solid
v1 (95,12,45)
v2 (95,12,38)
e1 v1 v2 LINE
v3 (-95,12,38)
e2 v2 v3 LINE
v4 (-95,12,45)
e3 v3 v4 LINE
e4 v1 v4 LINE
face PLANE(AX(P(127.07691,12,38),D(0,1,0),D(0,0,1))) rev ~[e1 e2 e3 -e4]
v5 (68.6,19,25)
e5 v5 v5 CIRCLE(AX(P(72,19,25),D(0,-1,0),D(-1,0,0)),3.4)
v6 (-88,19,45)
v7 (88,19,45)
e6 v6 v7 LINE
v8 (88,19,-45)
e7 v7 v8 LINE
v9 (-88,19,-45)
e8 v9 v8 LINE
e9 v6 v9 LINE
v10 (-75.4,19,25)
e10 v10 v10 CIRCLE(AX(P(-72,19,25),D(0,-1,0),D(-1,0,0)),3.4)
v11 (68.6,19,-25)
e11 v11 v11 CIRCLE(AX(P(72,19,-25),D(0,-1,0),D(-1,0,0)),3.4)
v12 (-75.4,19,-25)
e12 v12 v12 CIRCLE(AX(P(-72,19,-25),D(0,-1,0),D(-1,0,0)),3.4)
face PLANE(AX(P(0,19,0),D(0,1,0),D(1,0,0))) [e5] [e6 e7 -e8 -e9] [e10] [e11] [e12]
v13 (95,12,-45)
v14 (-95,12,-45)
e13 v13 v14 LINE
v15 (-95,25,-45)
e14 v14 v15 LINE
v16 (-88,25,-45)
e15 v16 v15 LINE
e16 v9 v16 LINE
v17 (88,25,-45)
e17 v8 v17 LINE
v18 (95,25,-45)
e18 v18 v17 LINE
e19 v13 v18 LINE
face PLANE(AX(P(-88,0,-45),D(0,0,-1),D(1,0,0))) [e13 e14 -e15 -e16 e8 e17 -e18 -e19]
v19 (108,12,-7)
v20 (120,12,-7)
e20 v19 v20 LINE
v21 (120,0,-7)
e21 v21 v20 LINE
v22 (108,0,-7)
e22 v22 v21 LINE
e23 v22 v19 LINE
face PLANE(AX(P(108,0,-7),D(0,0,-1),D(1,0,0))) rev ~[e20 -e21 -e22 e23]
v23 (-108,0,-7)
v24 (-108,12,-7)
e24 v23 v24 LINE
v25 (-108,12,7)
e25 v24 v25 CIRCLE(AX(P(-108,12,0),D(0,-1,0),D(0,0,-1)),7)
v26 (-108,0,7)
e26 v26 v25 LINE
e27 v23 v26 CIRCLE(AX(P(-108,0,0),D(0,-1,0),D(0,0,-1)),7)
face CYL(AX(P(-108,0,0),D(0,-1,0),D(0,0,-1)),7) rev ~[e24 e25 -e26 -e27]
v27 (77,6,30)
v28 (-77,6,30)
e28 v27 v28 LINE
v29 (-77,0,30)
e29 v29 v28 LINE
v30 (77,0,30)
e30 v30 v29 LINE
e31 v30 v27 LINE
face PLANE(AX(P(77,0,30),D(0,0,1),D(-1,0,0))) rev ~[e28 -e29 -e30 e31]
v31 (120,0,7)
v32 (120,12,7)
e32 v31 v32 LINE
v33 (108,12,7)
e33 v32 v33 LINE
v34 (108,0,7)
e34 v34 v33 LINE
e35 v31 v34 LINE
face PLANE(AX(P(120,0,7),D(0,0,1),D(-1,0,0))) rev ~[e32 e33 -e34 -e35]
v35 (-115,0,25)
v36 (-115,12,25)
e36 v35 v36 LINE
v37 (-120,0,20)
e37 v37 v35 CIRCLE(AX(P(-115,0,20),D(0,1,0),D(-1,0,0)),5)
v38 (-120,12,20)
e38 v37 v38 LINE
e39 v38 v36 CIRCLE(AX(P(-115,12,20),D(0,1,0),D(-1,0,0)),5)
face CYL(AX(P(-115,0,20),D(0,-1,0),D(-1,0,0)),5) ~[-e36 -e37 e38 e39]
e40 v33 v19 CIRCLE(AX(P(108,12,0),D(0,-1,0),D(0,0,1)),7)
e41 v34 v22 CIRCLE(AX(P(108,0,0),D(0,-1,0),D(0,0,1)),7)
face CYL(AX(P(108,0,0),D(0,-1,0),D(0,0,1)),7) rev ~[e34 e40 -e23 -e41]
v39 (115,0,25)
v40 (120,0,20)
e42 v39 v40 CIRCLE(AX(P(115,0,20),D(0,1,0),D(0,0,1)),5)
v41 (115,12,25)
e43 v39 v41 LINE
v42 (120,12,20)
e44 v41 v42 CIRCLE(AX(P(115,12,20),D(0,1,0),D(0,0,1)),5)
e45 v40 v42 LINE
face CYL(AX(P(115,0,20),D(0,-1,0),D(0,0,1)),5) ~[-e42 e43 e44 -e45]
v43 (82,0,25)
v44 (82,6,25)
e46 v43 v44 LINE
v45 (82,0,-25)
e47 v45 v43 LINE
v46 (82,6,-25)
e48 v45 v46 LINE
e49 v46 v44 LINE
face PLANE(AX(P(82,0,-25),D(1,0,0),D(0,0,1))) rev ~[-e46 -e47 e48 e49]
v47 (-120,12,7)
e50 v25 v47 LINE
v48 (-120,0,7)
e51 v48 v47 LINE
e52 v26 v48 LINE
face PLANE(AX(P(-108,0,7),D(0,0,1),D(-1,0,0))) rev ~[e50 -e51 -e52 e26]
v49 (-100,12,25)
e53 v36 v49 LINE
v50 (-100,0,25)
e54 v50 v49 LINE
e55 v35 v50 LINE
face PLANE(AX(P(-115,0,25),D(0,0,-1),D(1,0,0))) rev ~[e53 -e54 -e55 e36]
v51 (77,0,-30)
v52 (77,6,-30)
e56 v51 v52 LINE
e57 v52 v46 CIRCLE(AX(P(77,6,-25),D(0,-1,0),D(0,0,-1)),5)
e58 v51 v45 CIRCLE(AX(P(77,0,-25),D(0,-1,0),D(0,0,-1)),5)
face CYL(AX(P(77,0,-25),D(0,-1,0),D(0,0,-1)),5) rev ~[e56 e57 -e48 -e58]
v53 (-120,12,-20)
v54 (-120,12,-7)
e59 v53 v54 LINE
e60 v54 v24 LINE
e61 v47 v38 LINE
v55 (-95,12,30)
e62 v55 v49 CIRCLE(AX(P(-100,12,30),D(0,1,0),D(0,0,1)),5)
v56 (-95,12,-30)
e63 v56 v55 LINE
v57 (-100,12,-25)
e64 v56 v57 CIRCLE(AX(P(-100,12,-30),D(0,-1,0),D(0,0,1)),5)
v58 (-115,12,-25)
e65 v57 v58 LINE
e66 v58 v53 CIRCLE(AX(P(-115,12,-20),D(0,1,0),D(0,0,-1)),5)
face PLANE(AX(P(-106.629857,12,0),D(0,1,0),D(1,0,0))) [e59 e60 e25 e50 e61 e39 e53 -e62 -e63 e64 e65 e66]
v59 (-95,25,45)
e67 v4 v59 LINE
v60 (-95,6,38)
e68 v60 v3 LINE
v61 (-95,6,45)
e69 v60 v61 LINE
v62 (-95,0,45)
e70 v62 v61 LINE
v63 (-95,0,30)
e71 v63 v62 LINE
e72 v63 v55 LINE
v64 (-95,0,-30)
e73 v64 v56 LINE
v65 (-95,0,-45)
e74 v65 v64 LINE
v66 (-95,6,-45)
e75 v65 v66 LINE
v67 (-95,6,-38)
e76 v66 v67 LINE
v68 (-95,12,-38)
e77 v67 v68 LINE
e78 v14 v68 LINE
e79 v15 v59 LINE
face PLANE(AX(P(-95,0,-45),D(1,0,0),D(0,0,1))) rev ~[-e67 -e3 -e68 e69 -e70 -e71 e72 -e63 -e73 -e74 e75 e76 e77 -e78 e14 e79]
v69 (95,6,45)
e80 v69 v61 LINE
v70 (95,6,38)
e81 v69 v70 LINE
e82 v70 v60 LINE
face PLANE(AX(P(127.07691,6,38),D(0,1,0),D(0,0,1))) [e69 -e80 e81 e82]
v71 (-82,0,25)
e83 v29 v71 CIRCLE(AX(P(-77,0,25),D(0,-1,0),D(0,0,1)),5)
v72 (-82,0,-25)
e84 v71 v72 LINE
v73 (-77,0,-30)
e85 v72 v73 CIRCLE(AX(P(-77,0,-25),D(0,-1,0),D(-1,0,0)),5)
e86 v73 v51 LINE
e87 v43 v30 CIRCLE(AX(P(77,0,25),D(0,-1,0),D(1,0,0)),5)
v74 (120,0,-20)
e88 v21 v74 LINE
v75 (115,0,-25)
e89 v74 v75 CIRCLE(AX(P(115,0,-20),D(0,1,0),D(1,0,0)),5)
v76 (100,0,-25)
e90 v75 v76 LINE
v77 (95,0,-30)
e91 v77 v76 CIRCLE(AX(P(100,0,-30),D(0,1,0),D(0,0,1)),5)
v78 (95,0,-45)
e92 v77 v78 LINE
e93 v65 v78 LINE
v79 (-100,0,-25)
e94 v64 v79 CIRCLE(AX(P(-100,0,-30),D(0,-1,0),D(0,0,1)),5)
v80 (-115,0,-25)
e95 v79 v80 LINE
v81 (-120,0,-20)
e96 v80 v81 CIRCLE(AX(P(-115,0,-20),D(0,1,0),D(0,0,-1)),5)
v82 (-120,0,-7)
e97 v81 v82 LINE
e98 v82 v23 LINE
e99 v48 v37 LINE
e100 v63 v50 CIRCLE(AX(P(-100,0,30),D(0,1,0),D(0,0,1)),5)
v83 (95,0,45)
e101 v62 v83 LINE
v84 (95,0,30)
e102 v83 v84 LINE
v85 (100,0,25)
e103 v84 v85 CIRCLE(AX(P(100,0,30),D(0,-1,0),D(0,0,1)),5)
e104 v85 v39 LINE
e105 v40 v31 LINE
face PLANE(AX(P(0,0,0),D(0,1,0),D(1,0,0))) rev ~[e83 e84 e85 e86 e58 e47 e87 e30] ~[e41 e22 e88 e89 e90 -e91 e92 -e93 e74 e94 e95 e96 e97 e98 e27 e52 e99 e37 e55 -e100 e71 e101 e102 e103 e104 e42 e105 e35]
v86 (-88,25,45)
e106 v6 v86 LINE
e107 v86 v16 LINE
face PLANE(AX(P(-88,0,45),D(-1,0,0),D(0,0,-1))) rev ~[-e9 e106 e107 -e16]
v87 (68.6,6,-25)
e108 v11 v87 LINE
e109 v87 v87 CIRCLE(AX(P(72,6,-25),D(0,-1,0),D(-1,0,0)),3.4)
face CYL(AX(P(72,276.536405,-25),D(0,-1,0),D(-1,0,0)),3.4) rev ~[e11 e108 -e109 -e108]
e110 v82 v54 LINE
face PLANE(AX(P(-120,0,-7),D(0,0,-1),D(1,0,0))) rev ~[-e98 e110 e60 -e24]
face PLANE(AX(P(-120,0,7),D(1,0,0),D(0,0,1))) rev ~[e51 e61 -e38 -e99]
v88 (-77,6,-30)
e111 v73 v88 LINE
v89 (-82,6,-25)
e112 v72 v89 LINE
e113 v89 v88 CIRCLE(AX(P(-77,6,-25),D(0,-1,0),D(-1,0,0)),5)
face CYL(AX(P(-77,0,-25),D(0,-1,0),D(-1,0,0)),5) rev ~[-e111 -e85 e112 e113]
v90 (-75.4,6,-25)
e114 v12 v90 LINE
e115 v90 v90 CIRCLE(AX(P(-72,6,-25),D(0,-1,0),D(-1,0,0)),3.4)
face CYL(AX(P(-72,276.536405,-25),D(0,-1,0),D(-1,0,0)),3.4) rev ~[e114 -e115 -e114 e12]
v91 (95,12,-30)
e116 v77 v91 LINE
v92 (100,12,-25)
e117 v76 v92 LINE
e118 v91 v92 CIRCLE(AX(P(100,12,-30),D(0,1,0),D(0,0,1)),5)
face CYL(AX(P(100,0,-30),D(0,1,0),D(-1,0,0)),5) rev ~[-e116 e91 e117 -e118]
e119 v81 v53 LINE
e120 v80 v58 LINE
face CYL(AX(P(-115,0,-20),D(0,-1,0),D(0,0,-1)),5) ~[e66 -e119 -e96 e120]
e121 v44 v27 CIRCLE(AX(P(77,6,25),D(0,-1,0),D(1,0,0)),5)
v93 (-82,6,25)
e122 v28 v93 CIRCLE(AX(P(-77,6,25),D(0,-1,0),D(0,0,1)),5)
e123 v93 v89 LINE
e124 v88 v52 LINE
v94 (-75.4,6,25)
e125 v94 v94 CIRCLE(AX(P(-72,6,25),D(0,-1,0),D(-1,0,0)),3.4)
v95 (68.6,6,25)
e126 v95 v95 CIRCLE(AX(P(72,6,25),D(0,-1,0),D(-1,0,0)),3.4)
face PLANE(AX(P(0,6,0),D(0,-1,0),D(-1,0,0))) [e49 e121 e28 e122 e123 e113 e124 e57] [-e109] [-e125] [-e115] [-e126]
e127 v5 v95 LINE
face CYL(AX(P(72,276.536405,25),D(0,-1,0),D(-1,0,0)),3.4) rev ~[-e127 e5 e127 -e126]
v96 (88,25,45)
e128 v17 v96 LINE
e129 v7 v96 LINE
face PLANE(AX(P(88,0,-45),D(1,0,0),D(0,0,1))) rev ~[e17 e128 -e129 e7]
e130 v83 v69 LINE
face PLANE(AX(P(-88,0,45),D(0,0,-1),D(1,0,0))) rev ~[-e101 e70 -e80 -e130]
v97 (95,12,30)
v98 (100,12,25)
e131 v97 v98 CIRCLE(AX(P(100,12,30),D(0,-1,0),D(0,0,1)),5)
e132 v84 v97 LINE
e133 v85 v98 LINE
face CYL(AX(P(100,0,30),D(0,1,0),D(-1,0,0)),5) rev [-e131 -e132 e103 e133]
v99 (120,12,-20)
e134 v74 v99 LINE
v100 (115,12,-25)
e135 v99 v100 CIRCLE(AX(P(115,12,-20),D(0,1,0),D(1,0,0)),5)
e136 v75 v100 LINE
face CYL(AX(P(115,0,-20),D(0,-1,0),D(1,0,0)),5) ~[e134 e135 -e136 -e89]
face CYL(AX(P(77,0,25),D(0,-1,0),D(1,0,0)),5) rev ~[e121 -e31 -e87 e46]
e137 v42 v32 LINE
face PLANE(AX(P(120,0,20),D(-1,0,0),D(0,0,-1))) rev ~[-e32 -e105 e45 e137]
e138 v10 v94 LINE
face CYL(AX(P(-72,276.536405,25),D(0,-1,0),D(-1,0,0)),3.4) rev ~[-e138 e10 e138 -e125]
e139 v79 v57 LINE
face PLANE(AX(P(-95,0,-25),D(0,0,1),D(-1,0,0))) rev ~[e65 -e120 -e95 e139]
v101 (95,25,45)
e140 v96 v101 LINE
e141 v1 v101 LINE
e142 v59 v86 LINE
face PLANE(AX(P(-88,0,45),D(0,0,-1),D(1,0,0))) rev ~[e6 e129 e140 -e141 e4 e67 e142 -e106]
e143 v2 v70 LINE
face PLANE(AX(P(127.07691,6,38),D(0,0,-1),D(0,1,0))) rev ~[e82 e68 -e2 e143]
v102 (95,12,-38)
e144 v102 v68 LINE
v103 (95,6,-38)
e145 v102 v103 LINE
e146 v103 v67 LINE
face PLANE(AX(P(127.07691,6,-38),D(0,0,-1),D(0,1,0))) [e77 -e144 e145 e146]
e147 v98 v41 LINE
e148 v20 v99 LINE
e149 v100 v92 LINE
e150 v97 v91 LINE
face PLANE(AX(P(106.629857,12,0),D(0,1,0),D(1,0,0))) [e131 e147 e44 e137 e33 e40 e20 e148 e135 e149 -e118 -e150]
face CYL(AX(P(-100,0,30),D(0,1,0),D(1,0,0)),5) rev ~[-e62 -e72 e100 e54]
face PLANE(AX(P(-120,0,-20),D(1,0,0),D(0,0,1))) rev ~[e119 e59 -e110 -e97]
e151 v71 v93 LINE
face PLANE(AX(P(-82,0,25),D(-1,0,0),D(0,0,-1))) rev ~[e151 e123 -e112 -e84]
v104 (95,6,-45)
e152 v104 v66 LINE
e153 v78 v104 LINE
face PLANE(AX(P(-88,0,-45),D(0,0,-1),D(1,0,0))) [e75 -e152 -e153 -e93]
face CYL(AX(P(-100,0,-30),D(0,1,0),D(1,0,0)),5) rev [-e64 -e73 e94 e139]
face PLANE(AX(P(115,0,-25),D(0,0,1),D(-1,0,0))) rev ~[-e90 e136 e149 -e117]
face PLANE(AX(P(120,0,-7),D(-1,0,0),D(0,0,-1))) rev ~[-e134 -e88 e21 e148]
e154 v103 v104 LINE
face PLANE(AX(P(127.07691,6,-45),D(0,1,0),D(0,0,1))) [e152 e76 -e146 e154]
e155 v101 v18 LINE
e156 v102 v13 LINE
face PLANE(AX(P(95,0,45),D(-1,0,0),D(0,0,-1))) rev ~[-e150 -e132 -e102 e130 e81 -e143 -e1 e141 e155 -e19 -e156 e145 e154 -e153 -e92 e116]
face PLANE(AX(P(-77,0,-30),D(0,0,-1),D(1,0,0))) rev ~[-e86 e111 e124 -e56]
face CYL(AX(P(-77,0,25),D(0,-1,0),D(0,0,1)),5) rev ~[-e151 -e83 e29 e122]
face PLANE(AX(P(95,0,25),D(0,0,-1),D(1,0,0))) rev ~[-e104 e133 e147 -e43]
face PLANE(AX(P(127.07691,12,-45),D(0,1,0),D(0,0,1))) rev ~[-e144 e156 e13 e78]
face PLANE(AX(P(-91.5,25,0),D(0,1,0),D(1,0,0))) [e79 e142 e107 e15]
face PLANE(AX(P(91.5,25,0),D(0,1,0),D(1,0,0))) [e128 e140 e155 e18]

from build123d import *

# Parameters (mm, degrees)
BOSS_EXTRUDE2_DEPTH     = 25
BOSS_EXTRUDE2_2_DEPTH   = 25
SKETCH1_4_W             = 176
SKETCH1_4_H             = 90
BOSS_EXTRUDE3_DEPTH     = 19
BOSS_EXTRUDE4_DEPTH     = 12
FILLET2_R               = 5
CUT_EXTRUDE3_DEPTH      = 6
CUT_EXTRUDE4_DEPTH      = 222.076909694
CUT_EXTRUDE4_DEPTH_BACK = 222.076909694
SKETCH7_W               = 7
SKETCH7_H               = 6
M8_TAPPED_HOLE1_D       = 6.8


with BuildPart() as part:
    # Sketch1 → Boss-Extrude2 (new body)
    with BuildSketch(Plane(origin=(0, 0, 0), x_dir=(1, 0, 0), z_dir=(0, 1, 0))):
        Polygon((-95, 45), (-95, 25), (-95, -25), (-95, -45), (-88, -45), (-88, 45), align=None)
    extrude(amount=BOSS_EXTRUDE2_DEPTH)



with BuildPart() as body_2:
    # Sketch1 → Boss-Extrude2 2 (new body)
    with BuildSketch(Plane(origin=(0, 0, 0), x_dir=(1, 0, 0), z_dir=(0, 1, 0))):
        Polygon((95, 45), (88, 45), (88, -45), (95, -45), (95, -25), (95, 25), align=None)
    extrude(amount=BOSS_EXTRUDE2_2_DEPTH)


with BuildPart() as part_1:
    add(part.part)

    add(body_2.part)  # Boss-Extrude3 merges body 2
    # Sketch1<4> → Boss-Extrude3 (add)
    # profile 1 of 2: a face of its own
    with BuildSketch(Plane(origin=(0, 0, 0), x_dir=(1, 0, 0), z_dir=(0, 1, 0))):
        Rectangle(SKETCH1_4_W, SKETCH1_4_H)
        with BuildLine():
            Line((77, -30), (-77, -30))
            ThreePointArc((-77, -30), (-80.535533906, -28.535533906), (-82, -25))
            Line((-82, -25), (-82, 25))
            ThreePointArc((-82, 25), (-80.535533906, 28.535533906), (-77, 30))
            Line((-77, 30), (77, 30))
            ThreePointArc((77, 30), (80.535533906, 28.535533906), (82, 25))
            Line((82, 25), (82, -25))
            ThreePointArc((82, -25), (80.535533906, -28.535533906), (77, -30))
        make_face(mode=Mode.SUBTRACT)
    # profile 2 of 2: a face of its own
    with BuildSketch(Plane(origin=(0, 0, 0), x_dir=(1, 0, 0), z_dir=(0, 1, 0))):
        with BuildLine():
            ThreePointArc((-82, 25), (-80.535533906, 28.535533906), (-77, 30))
            Line((-77, 30), (77, 30))
            ThreePointArc((77, 30), (80.535533906, 28.535533906), (82, 25))
            Line((82, 25), (82, -25))
            ThreePointArc((82, -25), (80.535533906, -28.535533906), (77, -30))
            Line((77, -30), (-77, -30))
            ThreePointArc((-77, -30), (-80.535533906, -28.535533906), (-82, -25))
            Line((-82, -25), (-82, 25))
        make_face()
    extrude(amount=BOSS_EXTRUDE3_DEPTH)

    # Sketch1<5> → Boss-Extrude4 (add)
    with BuildSketch(Plane(origin=(0, 0, 0), x_dir=(1, 0, 0), z_dir=(0, 1, 0))):
        with BuildLine():
            Line((115, 25), (95, 25))
            Line((95, 25), (95, -25))
            Line((95, -25), (115, -25))
            ThreePointArc((115, -25), (118.535533906, -23.535533906), (120, -20))
            Line((120, -20), (120, -7))
            Line((120, -7), (108, -7))
            ThreePointArc((108, -7), (101, 0), (108, 7))
            Line((108, 7), (120, 7))
            Line((120, 7), (120, 20))
            ThreePointArc((120, 20), (118.535533906, 23.535533906), (115, 25))
        make_face()
        with BuildLine():
            Line((-95, -25), (-95, 25))
            Line((-95, 25), (-115, 25))
            ThreePointArc((-115, 25), (-118.535533906, 23.535533906), (-120, 20))
            Line((-120, 20), (-120, 7))
            Line((-120, 7), (-108, 7))
            ThreePointArc((-108, 7), (-101, 0), (-108, -7))
            Line((-108, -7), (-120, -7))
            Line((-120, -7), (-120, -20))
            ThreePointArc((-120, -20), (-118.535533906, -23.535533906), (-115, -25))
            Line((-115, -25), (-95, -25))
        make_face()
    extrude(amount=BOSS_EXTRUDE4_DEPTH)

    # Fillet2
    fillet2_edges = [part_1.edges().sort_by_distance(p)[0] for p in [
        (95, 6, -25),
        (95, 6, 25),
        (-95, 6, 25),
        (-95, 6, -25),
    ]]
    fillet(fillet2_edges, radius=FILLET2_R)

    # Sketch1<6> → Cut-Extrude3 (cut)
    with BuildSketch(Plane(origin=(0, 0, 0), x_dir=(1, 0, 0), z_dir=(0, 1, 0))):
        with BuildLine():
            ThreePointArc((-82, 25), (-80.535533906, 28.535533906), (-77, 30))
            Line((-77, 30), (77, 30))
            ThreePointArc((77, 30), (80.535533906, 28.535533906), (82, 25))
            Line((82, 25), (82, -25))
            ThreePointArc((82, -25), (80.535533906, -28.535533906), (77, -30))
            Line((77, -30), (-77, -30))
            ThreePointArc((-77, -30), (-80.535533906, -28.535533906), (-82, -25))
            Line((-82, -25), (-82, 25))
        make_face()
    extrude(amount=CUT_EXTRUDE3_DEPTH, mode=Mode.SUBTRACT)

    # Sketch7 → Cut-Extrude4 (cut, two sides: drawn at the far end of the back side and taken through both)
    with BuildSketch(Plane.ZY.offset(95).offset(-CUT_EXTRUDE4_DEPTH_BACK)):
        with Locations((41.5, 9)):
            Rectangle(SKETCH7_W, SKETCH7_H)
        with Locations((-41.5, 9)):
            Rectangle(SKETCH7_W, SKETCH7_H)
    extrude(amount=CUT_EXTRUDE4_DEPTH + CUT_EXTRUDE4_DEPTH_BACK, mode=Mode.SUBTRACT)

    # M8 Tapped Hole1 (through all)
    with Locations(Plane(origin=(0, 19, 0), x_dir=(1, 0, 0), z_dir=(0, 1, 0))):
        with Locations((-72, 25), (72, 25), (72, -25), (-72, -25)):
            Hole(M8_TAPPED_HOLE1_D / 2)


solid = part_1.part
